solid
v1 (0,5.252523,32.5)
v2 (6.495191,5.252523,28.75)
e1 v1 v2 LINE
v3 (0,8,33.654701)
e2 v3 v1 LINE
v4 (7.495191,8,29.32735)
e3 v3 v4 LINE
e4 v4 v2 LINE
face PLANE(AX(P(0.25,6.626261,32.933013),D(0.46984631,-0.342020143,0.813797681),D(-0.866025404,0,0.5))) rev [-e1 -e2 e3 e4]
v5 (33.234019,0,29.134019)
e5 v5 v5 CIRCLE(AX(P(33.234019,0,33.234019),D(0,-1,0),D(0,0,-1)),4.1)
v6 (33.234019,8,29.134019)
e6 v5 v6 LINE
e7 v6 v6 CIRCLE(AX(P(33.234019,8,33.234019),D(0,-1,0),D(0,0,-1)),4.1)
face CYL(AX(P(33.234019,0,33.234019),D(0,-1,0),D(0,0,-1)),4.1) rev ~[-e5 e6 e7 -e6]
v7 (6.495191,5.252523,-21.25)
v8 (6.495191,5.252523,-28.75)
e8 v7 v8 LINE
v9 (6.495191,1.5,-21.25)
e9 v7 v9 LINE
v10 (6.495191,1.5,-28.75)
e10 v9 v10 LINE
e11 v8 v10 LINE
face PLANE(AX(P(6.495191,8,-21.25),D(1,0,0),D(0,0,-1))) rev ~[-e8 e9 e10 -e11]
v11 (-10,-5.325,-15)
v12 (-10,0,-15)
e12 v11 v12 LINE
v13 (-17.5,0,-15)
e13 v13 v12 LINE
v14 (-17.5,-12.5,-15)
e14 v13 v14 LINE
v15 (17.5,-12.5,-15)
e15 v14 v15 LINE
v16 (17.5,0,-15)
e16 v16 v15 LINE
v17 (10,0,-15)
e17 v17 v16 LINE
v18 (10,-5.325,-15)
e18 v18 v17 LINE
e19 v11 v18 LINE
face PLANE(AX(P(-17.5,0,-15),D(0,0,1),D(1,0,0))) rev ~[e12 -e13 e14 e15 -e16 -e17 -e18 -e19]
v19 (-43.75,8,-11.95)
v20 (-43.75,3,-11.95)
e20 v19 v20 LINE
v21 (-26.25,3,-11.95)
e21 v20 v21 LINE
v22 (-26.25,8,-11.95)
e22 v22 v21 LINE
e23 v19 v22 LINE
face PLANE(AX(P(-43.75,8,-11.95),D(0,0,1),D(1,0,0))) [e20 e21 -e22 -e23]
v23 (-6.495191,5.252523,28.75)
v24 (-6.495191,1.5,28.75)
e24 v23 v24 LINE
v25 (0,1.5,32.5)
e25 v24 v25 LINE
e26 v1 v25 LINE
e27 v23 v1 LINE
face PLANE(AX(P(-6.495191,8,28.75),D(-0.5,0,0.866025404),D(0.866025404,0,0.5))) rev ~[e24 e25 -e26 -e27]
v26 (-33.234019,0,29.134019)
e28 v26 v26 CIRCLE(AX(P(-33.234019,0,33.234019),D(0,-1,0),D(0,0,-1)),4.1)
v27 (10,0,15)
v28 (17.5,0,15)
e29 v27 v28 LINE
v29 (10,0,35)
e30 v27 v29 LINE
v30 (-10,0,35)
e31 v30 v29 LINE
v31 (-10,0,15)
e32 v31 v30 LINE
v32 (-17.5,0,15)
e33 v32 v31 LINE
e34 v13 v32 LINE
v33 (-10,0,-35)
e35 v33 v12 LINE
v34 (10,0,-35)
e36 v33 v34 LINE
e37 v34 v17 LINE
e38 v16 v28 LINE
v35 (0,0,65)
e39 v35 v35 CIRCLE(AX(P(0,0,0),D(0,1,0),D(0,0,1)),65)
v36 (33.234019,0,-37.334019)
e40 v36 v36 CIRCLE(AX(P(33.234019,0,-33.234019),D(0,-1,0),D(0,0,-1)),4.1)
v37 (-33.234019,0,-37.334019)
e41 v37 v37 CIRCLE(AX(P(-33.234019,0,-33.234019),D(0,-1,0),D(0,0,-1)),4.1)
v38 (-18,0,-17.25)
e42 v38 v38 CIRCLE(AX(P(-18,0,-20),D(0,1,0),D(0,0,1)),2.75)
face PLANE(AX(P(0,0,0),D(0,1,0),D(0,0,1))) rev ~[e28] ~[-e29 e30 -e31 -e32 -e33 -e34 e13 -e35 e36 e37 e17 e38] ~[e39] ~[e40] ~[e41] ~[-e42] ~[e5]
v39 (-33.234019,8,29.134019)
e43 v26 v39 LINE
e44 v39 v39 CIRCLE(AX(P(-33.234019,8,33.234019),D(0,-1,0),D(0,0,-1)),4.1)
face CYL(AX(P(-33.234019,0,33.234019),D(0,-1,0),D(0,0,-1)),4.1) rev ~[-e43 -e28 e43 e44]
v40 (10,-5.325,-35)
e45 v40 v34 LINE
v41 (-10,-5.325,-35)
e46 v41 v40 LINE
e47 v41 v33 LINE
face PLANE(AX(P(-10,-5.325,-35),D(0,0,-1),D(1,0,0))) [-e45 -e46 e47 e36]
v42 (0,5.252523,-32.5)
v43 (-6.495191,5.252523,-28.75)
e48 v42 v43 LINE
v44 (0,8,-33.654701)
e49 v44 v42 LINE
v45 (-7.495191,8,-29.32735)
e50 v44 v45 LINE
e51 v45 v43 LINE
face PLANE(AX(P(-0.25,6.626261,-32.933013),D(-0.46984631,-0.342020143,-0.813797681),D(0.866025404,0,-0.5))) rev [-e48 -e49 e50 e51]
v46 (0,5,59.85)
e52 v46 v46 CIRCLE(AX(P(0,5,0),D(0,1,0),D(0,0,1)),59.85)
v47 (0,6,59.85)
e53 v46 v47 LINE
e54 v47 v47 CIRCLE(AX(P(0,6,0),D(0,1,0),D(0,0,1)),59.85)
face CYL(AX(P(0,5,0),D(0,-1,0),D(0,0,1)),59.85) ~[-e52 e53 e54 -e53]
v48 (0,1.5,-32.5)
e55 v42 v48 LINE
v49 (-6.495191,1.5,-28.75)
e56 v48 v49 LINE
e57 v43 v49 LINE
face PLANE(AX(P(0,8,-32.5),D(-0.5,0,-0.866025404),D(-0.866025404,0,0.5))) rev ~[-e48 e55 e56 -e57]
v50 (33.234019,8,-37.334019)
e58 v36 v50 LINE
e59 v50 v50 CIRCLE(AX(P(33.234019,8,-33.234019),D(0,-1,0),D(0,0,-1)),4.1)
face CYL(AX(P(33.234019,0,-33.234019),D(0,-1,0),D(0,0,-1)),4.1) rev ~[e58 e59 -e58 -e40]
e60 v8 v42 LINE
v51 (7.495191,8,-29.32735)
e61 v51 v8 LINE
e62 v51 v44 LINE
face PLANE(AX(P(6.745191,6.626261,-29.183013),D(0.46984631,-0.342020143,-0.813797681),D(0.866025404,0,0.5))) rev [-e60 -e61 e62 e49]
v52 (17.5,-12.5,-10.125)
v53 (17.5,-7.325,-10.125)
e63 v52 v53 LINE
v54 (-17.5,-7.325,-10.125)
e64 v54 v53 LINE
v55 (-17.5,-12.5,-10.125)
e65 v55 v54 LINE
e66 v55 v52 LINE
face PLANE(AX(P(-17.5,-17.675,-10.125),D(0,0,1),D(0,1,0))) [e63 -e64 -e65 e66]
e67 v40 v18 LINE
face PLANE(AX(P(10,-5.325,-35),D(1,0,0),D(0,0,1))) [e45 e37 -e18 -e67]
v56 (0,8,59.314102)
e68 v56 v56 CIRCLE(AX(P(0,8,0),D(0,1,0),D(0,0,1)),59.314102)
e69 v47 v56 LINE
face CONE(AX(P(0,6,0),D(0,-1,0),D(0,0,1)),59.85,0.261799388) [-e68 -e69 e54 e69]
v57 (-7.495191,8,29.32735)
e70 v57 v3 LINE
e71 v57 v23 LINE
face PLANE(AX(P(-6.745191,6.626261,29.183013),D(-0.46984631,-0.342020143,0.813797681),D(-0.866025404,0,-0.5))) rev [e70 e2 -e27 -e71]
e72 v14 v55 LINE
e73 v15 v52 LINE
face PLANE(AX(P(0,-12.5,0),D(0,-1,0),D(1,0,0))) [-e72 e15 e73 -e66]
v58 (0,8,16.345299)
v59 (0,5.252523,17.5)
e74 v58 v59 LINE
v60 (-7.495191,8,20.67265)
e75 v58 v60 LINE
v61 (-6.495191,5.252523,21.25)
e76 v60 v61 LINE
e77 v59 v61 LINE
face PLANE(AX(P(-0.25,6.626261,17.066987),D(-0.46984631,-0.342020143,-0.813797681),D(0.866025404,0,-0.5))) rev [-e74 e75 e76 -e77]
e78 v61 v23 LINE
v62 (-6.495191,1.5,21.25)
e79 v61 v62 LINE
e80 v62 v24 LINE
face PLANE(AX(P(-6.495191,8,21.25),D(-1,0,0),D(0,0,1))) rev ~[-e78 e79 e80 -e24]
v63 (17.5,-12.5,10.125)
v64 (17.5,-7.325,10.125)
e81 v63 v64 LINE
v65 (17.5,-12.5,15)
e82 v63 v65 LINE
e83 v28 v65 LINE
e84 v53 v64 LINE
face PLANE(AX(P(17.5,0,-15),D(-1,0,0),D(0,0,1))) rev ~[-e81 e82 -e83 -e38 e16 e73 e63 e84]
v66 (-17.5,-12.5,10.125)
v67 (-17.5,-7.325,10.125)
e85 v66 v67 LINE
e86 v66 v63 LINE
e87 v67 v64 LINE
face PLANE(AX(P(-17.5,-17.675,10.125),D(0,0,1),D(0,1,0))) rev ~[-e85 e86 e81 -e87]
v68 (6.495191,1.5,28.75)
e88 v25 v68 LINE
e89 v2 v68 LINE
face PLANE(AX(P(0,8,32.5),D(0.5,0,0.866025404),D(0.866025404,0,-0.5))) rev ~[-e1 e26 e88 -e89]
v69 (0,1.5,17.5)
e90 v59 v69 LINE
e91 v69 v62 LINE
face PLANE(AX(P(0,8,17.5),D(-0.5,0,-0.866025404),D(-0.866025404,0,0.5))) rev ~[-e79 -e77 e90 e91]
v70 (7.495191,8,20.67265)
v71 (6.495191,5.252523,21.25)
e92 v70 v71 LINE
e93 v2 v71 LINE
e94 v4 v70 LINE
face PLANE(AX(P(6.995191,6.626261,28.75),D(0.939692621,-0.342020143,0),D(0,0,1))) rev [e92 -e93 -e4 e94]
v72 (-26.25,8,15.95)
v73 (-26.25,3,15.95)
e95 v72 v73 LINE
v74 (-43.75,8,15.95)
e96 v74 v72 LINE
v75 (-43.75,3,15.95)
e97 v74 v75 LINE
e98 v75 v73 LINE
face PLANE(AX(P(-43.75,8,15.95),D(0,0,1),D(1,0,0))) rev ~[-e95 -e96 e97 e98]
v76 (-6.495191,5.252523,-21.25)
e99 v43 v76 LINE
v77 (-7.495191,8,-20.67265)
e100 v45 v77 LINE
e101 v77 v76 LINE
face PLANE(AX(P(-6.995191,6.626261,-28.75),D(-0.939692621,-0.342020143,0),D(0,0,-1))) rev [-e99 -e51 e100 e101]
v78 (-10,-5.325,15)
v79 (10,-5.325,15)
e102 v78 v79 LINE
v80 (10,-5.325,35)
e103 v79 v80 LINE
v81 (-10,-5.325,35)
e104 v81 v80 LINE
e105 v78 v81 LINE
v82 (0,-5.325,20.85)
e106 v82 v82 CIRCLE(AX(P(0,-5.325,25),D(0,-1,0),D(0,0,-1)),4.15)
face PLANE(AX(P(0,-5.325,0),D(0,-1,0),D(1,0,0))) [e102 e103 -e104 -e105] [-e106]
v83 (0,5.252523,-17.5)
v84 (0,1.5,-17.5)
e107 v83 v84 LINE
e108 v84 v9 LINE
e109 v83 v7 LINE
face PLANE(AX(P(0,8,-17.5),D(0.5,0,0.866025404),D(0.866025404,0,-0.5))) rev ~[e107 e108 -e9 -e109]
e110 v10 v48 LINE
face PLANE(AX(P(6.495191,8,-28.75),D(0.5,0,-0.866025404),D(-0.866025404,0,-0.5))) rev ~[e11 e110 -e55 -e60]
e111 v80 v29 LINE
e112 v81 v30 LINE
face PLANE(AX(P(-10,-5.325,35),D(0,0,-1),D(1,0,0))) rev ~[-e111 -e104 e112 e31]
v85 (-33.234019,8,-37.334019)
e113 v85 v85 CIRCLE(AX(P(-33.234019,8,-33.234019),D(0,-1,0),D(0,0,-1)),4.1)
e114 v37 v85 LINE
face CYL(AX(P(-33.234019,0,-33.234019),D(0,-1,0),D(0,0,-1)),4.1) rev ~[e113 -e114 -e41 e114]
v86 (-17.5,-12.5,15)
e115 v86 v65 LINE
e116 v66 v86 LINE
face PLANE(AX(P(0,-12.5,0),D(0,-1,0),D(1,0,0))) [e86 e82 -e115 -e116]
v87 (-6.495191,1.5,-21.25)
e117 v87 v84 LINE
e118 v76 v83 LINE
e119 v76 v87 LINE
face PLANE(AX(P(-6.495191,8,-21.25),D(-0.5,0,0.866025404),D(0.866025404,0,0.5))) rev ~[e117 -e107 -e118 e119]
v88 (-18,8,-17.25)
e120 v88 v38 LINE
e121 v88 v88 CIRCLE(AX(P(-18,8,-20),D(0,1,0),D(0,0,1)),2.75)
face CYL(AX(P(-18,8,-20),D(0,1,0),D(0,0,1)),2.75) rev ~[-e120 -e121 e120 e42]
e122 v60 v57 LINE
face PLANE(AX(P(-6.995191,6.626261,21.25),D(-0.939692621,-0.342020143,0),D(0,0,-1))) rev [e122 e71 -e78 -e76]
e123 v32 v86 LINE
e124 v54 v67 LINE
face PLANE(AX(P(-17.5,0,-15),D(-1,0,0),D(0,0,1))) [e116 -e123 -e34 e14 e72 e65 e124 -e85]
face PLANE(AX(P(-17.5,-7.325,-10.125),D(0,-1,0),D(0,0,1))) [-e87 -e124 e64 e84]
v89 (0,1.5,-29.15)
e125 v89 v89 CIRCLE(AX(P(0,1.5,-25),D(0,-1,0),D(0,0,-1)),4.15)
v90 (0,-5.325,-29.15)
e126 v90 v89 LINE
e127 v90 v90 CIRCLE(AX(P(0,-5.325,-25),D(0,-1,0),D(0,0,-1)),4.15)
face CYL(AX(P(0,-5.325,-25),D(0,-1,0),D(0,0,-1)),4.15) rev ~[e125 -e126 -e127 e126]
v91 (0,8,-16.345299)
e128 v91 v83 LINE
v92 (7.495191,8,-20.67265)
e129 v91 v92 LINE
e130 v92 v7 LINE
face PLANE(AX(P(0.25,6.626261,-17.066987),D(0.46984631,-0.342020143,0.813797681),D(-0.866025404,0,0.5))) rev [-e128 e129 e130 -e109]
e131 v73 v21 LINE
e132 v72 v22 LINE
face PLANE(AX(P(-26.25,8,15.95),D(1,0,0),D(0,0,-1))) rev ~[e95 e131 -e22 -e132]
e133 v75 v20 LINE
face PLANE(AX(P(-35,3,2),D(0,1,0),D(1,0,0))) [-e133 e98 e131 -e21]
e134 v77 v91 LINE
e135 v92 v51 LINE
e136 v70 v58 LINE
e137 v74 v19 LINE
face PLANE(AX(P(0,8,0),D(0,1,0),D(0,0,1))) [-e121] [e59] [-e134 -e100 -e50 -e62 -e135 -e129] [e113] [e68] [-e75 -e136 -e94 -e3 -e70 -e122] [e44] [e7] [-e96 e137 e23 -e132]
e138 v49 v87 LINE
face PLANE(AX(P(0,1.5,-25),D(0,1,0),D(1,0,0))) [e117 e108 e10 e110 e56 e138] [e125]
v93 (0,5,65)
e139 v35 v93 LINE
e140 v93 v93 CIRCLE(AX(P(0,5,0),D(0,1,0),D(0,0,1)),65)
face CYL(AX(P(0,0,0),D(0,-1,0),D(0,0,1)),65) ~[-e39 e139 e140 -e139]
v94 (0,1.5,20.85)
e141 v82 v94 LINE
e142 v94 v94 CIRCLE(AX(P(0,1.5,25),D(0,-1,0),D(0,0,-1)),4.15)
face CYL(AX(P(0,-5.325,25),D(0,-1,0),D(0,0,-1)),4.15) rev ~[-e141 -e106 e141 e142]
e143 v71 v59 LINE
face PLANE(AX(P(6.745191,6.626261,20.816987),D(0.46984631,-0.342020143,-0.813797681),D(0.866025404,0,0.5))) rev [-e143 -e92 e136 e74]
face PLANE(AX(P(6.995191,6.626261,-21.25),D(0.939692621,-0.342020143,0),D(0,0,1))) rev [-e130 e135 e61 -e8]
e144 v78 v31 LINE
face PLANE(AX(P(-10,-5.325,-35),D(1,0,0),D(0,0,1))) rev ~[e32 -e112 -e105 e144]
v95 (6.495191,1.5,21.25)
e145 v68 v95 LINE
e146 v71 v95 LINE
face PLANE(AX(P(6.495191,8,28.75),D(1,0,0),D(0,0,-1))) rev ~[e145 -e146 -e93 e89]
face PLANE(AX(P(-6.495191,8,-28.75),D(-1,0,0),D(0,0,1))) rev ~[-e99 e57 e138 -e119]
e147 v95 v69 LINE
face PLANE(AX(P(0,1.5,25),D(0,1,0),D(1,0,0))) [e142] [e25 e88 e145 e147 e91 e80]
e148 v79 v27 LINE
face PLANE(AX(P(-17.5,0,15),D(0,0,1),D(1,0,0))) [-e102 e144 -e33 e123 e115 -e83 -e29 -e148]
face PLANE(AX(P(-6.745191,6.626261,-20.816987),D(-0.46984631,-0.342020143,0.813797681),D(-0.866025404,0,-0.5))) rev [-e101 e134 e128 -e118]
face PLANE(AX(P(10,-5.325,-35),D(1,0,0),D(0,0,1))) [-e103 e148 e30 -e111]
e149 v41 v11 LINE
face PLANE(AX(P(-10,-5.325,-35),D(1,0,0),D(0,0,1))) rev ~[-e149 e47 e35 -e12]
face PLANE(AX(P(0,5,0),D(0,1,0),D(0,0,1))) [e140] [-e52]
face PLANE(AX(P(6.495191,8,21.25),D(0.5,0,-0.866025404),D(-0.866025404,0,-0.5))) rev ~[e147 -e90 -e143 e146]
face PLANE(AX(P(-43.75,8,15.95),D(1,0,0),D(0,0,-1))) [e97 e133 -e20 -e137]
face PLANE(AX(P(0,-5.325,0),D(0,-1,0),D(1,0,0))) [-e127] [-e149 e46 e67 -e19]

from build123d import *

# Parameters (mm, degrees)
SKETCH_1_R          = 65
EXTRUDE_1_DEPTH     = 5
SKETCH_2_R          = 59.85
EXTRUDE_2_DEPTH     = 3
SKETCH_3_W          = 35
SKETCH_3_H          = 30
EXTRUDE_3_DEPTH     = 25
SKETCH_5_R          = 4.1
CUT_EXTRUDE_2_DEPTH = 96.262794416
SKETCH_6_R          = 2.75
CUT_EXTRUDE_3_DEPTH = 98.667804316
SKETCH2_W           = 20.25
SKETCH2_H           = 10.35
CUT_EXTRUDE1_DEPTH  = 108.964114408
CHAMFER1_SIZE       = 2
CHAMFER1_SIZE2      = 0.535898385
SKETCH4_W           = 35
SKETCH4_H           = 30
CUT_EXTRUDE3_DEPTH  = 12.5
BOSS_EXTRUDE2_START = -2
SKETCH5_W           = 20
SKETCH5_H           = 70
BOSS_EXTRUDE2_DEPTH = 5.325
SKETCH6_R           = 4.15
CUT_EXTRUDE4_DEPTH  = 93.884636108
CUT_EXTRUDE5_DEPTH  = 6.5
CHAMFER2_SIZE       = 1
CHAMFER2_SIZE2      = 2.747477419
SKETCH8_W           = 17.5
SKETCH8_H           = 27.9
CUT_EXTRUDE6_DEPTH  = 5


with BuildPart() as part:
    # Эскиз1 → Бобышка-Вытянуть1 (new body)
    with BuildSketch(Plane(origin=(0, 0, 0), x_dir=(1, 0, 0), z_dir=(0, 1, 0))):
        with Locations(Location((0, 0, 0), (0, 0, 270))):
            Circle(SKETCH_1_R)
    extrude(amount=EXTRUDE_1_DEPTH)

    # Эскиз2 → Бобышка-Вытянуть2 (add)
    with BuildSketch(Plane(origin=(0, 5, 0), x_dir=(1, 0, 0), z_dir=(0, 1, 0))):
        with Locations(Location((0, 0, 0), (0, 0, 270))):
            Circle(SKETCH_2_R)
    extrude(amount=EXTRUDE_2_DEPTH)

    # Эскиз3 → Бобышка-Вытянуть3 (add)
    with BuildSketch(Plane.XZ):
        Rectangle(SKETCH_3_W, SKETCH_3_H)
    extrude(amount=EXTRUDE_3_DEPTH)

    # Эскиз5 → Вырез-Вытянуть2 (cut, through all)
    with BuildSketch(Plane.XZ):
        with Locations(Location((33.234018716, -33.234018716, 0), (0, 0, 270))):
            Circle(SKETCH_5_R)
        with Locations(Location((-33.234018716, -33.234018716, 0), (0, 0, 270))):
            Circle(SKETCH_5_R)
        with Locations(Location((-33.234018716, 33.234018716, 0), (0, 0, 270))):
            Circle(SKETCH_5_R)
        with Locations(Location((33.234018716, 33.234018716, 0), (0, 0, 270))):
            Circle(SKETCH_5_R)
    extrude(amount=-CUT_EXTRUDE_2_DEPTH, mode=Mode.SUBTRACT)

    # Эскиз6 → Вырез-Вытянуть3 (cut, through all)
    with BuildSketch(Plane(origin=(0, 8, 0), x_dir=(1, 0, 0), z_dir=(0, 1, 0))):
        with Locations(Location((-18, 20, 0), (0, 0, 270))):
            Circle(SKETCH_6_R)
    extrude(amount=-CUT_EXTRUDE_3_DEPTH, mode=Mode.SUBTRACT)

    # Sketch2 → Cut-Extrude1 (cut, through all)
    with BuildSketch(Plane.ZY.offset(17.5)):
        with Locations((0, -12.5)):
            Rectangle(SKETCH2_W, SKETCH2_H)
    extrude(amount=-CUT_EXTRUDE1_DEPTH, mode=Mode.SUBTRACT)

    # Chamfer1
    chamfer1_edges = [part.edges().sort_by_distance(p)[0] for p in [
        (0, 8, -59.85),
    ]]
    chamfer1_side = [part.faces().sort_by_distance(p)[0] for p in [
        (0, 6.5, -59.85),
    ]]
    chamfer(chamfer1_edges, length=CHAMFER1_SIZE, length2=CHAMFER1_SIZE2, reference=chamfer1_side[0])

    # Sketch4 → Cut-Extrude3 (cut)
    with BuildSketch(Plane.XZ.offset(25)):
        Rectangle(SKETCH4_W, SKETCH4_H)
    extrude(amount=-CUT_EXTRUDE3_DEPTH, mode=Mode.SUBTRACT)

    # Sketch5 → Boss-Extrude2 (add)
    with BuildSketch(Plane.XZ.offset(7.325).offset(BOSS_EXTRUDE2_START)):
        Rectangle(SKETCH5_W, SKETCH5_H)
    extrude(amount=-BOSS_EXTRUDE2_DEPTH)

    # Sketch6 → Cut-Extrude4 (cut, through all)
    with BuildSketch(Plane.XZ.offset(5.325)):
        with Locations(Location((0, 25, 0), (0, 0, 270))):
            Circle(SKETCH6_R)
        with Locations(Location((0, -25, 0), (0, 0, 270))):
            Circle(SKETCH6_R)
    extrude(amount=-CUT_EXTRUDE4_DEPTH, mode=Mode.SUBTRACT)

    # Sketch7 → Cut-Extrude5 (cut)
    with BuildSketch(Plane(origin=(0, 8, 0), x_dir=(1, 0, 0), z_dir=(0, 1, 0))):
        Polygon((0, -32.5), (6.495190528, -28.75), (6.495190528, -21.25), (0, -17.5), (-6.495190528, -21.25), (-6.495190528, -28.75), align=None)
        Polygon((0, 17.5), (6.495190528, 21.25), (6.495190528, 28.75), (0, 32.5), (-6.495190528, 28.75), (-6.495190528, 21.25), align=None)
    extrude(amount=-CUT_EXTRUDE5_DEPTH, mode=Mode.SUBTRACT)

    # Chamfer2
    chamfer2_edges = [part.edges().sort_by_distance(p)[0] for p in [
        (-3.247595264, 8, 30.625),
        (3.247595264, 8, 30.625),
        (6.495190528, 8, 25),
        (3.247595264, 8, 19.375),
        (-3.247595264, 8, 19.375),
        (-6.495190528, 8, 25),
        (-3.247595264, 8, -19.375),
        (3.247595264, 8, -19.375),
        (6.495190528, 8, -25),
        (3.247595264, 8, -30.625),
        (-3.247595264, 8, -30.625),
        (-6.495190528, 8, -25),
    ]]
    chamfer2_side = [part.faces().sort_by_distance(p)[0] for p in [
        (0.040630406, 8, 0.045144896),
    ]]
    chamfer(chamfer2_edges, length=CHAMFER2_SIZE, length2=CHAMFER2_SIZE2, reference=chamfer2_side[0])

    # Sketch8 → Cut-Extrude6 (cut)
    with BuildSketch(Plane(origin=(0, 8, 0), x_dir=(1, 0, 0), z_dir=(0, 1, 0))):
        with Locations((-35, -2)):
            Rectangle(SKETCH8_W, SKETCH8_H)
    extrude(amount=-CUT_EXTRUDE6_DEPTH, mode=Mode.SUBTRACT)


solid = part.part
